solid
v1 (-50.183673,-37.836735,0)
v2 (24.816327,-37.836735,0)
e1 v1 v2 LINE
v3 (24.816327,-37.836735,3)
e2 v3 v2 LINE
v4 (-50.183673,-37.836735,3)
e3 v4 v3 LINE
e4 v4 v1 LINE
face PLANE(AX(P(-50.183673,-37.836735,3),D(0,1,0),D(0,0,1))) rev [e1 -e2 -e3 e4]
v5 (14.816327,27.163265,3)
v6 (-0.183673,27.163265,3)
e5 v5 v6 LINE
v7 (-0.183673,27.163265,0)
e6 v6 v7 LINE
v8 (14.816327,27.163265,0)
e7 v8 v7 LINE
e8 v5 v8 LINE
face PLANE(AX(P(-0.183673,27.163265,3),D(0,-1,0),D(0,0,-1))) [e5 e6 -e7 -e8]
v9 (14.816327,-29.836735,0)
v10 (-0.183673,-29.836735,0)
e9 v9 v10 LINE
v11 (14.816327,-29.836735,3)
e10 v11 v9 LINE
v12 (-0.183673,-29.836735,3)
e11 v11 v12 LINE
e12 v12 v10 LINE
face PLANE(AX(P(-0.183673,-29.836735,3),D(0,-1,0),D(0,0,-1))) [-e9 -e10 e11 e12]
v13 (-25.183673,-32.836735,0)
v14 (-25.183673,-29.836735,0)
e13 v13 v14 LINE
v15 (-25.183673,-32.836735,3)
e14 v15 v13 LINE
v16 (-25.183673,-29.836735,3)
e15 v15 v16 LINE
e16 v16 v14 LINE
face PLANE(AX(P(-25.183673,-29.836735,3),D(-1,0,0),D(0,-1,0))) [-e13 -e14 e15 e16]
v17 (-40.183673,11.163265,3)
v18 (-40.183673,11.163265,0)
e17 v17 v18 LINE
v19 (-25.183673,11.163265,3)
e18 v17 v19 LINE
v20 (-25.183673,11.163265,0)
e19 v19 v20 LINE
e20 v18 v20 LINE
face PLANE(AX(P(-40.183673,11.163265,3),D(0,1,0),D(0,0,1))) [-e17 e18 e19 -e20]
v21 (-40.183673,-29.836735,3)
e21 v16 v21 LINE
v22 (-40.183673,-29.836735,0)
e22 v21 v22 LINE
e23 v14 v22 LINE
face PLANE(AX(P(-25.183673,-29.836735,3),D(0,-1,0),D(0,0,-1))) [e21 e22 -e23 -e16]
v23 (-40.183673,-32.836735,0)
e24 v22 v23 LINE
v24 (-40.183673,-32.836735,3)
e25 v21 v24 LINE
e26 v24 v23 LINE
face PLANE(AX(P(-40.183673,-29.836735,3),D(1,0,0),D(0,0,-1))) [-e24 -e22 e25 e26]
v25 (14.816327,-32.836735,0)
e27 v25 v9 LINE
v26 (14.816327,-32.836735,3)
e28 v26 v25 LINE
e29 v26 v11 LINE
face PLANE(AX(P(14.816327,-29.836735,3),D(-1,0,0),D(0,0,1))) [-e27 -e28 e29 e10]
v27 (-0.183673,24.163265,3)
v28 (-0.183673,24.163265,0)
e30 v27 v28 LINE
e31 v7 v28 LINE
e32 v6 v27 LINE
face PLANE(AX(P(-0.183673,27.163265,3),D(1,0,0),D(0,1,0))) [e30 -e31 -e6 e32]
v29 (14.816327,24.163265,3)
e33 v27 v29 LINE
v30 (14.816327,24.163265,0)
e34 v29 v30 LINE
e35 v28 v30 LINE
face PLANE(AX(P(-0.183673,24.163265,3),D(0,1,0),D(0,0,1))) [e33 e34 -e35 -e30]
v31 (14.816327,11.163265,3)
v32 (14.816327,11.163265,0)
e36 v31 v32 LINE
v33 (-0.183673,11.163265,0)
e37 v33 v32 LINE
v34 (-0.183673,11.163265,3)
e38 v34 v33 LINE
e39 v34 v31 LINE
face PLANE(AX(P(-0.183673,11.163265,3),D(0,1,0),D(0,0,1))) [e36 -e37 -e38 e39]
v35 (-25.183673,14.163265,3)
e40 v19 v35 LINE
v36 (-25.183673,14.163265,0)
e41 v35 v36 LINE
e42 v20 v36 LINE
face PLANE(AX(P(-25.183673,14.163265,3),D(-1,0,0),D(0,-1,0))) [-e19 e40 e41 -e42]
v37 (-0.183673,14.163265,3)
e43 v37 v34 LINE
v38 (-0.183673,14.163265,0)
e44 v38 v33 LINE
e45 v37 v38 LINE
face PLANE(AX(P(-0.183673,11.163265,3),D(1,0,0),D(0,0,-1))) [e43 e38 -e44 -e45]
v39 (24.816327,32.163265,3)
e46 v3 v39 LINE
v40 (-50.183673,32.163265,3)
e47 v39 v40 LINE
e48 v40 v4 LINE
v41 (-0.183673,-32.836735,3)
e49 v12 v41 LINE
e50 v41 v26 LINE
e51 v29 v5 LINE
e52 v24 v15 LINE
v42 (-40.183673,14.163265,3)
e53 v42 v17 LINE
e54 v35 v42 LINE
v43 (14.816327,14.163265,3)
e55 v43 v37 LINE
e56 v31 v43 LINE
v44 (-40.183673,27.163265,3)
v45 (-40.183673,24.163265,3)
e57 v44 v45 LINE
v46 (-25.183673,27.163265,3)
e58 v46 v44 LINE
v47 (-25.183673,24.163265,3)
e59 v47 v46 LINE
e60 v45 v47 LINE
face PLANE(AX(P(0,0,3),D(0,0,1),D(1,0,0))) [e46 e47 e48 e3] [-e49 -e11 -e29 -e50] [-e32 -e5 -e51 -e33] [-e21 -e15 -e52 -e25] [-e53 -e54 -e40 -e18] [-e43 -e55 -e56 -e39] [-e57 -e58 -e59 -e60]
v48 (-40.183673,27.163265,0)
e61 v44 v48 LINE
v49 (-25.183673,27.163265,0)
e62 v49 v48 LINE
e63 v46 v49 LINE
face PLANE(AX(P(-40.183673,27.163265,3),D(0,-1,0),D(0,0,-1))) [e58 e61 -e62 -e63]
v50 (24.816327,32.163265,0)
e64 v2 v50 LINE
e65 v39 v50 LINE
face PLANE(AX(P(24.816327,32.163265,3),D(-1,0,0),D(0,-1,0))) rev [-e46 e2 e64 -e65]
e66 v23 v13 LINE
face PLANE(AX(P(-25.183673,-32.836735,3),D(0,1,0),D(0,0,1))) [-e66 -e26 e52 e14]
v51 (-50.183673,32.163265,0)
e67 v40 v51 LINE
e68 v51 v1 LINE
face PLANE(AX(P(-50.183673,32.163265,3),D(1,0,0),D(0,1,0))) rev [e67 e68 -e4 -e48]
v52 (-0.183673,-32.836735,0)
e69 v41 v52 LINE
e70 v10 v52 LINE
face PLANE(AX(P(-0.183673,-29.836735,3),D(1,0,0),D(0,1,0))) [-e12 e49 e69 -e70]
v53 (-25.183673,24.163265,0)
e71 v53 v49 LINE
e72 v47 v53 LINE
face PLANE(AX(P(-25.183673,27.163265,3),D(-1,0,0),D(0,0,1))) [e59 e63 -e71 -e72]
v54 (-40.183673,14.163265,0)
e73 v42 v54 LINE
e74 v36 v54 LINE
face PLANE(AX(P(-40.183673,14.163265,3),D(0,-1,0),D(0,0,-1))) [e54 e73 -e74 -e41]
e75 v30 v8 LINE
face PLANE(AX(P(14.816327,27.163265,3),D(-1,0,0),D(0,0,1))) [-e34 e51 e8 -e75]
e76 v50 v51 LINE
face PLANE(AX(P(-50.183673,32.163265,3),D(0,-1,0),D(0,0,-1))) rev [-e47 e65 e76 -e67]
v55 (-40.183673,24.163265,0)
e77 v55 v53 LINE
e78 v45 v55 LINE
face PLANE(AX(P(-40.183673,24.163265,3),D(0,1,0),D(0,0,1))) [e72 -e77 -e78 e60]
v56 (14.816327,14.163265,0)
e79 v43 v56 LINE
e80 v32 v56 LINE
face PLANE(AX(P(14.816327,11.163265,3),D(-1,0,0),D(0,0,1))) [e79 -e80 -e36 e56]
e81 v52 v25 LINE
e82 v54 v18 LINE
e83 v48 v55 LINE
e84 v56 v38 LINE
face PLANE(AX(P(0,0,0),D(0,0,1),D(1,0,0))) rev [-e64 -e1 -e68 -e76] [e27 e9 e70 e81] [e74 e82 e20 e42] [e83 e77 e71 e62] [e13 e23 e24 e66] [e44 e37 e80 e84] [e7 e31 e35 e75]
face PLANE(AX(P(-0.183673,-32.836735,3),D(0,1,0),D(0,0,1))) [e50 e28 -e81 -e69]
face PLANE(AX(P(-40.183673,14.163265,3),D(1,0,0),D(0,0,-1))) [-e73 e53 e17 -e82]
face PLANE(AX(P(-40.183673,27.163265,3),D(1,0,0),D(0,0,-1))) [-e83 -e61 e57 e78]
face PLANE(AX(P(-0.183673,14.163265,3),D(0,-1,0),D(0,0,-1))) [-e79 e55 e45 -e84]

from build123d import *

# Parameters (mm, degrees)
ESQUISSE1_W        = 75
ESQUISSE1_H        = 70
ESQUISSE1_W_2      = 15
ESQUISSE1_H_2      = 3
BOSS_EXTRU_1_DEPTH = 3


with BuildPart() as part:
    # Esquisse1 → Boss.-Extru.1 (new body)
    with BuildSketch(Plane.XY):
        with Locations((-12.683673469, -2.836734694)):
            Rectangle(ESQUISSE1_W, ESQUISSE1_H)
        with Locations((-32.683673469, 25.663265306)):
            Rectangle(ESQUISSE1_W_2, ESQUISSE1_H_2, mode=Mode.SUBTRACT)
        with Locations((7.316326531, 25.663265306)):
            Rectangle(ESQUISSE1_W_2, ESQUISSE1_H_2, mode=Mode.SUBTRACT)
        with Locations((7.316326531, -31.336734694)):
            Rectangle(ESQUISSE1_W_2, ESQUISSE1_H_2, mode=Mode.SUBTRACT)
        with Locations((-32.683673469, -31.336734694)):
            Rectangle(ESQUISSE1_W_2, ESQUISSE1_H_2, mode=Mode.SUBTRACT)
        with Locations((-32.683673469, 12.663265306)):
            Rectangle(ESQUISSE1_W_2, ESQUISSE1_H_2, mode=Mode.SUBTRACT)
        with Locations((7.316326531, 12.663265306)):
            Rectangle(ESQUISSE1_W_2, ESQUISSE1_H_2, mode=Mode.SUBTRACT)
    extrude(amount=BOSS_EXTRU_1_DEPTH)


solid = part.part
